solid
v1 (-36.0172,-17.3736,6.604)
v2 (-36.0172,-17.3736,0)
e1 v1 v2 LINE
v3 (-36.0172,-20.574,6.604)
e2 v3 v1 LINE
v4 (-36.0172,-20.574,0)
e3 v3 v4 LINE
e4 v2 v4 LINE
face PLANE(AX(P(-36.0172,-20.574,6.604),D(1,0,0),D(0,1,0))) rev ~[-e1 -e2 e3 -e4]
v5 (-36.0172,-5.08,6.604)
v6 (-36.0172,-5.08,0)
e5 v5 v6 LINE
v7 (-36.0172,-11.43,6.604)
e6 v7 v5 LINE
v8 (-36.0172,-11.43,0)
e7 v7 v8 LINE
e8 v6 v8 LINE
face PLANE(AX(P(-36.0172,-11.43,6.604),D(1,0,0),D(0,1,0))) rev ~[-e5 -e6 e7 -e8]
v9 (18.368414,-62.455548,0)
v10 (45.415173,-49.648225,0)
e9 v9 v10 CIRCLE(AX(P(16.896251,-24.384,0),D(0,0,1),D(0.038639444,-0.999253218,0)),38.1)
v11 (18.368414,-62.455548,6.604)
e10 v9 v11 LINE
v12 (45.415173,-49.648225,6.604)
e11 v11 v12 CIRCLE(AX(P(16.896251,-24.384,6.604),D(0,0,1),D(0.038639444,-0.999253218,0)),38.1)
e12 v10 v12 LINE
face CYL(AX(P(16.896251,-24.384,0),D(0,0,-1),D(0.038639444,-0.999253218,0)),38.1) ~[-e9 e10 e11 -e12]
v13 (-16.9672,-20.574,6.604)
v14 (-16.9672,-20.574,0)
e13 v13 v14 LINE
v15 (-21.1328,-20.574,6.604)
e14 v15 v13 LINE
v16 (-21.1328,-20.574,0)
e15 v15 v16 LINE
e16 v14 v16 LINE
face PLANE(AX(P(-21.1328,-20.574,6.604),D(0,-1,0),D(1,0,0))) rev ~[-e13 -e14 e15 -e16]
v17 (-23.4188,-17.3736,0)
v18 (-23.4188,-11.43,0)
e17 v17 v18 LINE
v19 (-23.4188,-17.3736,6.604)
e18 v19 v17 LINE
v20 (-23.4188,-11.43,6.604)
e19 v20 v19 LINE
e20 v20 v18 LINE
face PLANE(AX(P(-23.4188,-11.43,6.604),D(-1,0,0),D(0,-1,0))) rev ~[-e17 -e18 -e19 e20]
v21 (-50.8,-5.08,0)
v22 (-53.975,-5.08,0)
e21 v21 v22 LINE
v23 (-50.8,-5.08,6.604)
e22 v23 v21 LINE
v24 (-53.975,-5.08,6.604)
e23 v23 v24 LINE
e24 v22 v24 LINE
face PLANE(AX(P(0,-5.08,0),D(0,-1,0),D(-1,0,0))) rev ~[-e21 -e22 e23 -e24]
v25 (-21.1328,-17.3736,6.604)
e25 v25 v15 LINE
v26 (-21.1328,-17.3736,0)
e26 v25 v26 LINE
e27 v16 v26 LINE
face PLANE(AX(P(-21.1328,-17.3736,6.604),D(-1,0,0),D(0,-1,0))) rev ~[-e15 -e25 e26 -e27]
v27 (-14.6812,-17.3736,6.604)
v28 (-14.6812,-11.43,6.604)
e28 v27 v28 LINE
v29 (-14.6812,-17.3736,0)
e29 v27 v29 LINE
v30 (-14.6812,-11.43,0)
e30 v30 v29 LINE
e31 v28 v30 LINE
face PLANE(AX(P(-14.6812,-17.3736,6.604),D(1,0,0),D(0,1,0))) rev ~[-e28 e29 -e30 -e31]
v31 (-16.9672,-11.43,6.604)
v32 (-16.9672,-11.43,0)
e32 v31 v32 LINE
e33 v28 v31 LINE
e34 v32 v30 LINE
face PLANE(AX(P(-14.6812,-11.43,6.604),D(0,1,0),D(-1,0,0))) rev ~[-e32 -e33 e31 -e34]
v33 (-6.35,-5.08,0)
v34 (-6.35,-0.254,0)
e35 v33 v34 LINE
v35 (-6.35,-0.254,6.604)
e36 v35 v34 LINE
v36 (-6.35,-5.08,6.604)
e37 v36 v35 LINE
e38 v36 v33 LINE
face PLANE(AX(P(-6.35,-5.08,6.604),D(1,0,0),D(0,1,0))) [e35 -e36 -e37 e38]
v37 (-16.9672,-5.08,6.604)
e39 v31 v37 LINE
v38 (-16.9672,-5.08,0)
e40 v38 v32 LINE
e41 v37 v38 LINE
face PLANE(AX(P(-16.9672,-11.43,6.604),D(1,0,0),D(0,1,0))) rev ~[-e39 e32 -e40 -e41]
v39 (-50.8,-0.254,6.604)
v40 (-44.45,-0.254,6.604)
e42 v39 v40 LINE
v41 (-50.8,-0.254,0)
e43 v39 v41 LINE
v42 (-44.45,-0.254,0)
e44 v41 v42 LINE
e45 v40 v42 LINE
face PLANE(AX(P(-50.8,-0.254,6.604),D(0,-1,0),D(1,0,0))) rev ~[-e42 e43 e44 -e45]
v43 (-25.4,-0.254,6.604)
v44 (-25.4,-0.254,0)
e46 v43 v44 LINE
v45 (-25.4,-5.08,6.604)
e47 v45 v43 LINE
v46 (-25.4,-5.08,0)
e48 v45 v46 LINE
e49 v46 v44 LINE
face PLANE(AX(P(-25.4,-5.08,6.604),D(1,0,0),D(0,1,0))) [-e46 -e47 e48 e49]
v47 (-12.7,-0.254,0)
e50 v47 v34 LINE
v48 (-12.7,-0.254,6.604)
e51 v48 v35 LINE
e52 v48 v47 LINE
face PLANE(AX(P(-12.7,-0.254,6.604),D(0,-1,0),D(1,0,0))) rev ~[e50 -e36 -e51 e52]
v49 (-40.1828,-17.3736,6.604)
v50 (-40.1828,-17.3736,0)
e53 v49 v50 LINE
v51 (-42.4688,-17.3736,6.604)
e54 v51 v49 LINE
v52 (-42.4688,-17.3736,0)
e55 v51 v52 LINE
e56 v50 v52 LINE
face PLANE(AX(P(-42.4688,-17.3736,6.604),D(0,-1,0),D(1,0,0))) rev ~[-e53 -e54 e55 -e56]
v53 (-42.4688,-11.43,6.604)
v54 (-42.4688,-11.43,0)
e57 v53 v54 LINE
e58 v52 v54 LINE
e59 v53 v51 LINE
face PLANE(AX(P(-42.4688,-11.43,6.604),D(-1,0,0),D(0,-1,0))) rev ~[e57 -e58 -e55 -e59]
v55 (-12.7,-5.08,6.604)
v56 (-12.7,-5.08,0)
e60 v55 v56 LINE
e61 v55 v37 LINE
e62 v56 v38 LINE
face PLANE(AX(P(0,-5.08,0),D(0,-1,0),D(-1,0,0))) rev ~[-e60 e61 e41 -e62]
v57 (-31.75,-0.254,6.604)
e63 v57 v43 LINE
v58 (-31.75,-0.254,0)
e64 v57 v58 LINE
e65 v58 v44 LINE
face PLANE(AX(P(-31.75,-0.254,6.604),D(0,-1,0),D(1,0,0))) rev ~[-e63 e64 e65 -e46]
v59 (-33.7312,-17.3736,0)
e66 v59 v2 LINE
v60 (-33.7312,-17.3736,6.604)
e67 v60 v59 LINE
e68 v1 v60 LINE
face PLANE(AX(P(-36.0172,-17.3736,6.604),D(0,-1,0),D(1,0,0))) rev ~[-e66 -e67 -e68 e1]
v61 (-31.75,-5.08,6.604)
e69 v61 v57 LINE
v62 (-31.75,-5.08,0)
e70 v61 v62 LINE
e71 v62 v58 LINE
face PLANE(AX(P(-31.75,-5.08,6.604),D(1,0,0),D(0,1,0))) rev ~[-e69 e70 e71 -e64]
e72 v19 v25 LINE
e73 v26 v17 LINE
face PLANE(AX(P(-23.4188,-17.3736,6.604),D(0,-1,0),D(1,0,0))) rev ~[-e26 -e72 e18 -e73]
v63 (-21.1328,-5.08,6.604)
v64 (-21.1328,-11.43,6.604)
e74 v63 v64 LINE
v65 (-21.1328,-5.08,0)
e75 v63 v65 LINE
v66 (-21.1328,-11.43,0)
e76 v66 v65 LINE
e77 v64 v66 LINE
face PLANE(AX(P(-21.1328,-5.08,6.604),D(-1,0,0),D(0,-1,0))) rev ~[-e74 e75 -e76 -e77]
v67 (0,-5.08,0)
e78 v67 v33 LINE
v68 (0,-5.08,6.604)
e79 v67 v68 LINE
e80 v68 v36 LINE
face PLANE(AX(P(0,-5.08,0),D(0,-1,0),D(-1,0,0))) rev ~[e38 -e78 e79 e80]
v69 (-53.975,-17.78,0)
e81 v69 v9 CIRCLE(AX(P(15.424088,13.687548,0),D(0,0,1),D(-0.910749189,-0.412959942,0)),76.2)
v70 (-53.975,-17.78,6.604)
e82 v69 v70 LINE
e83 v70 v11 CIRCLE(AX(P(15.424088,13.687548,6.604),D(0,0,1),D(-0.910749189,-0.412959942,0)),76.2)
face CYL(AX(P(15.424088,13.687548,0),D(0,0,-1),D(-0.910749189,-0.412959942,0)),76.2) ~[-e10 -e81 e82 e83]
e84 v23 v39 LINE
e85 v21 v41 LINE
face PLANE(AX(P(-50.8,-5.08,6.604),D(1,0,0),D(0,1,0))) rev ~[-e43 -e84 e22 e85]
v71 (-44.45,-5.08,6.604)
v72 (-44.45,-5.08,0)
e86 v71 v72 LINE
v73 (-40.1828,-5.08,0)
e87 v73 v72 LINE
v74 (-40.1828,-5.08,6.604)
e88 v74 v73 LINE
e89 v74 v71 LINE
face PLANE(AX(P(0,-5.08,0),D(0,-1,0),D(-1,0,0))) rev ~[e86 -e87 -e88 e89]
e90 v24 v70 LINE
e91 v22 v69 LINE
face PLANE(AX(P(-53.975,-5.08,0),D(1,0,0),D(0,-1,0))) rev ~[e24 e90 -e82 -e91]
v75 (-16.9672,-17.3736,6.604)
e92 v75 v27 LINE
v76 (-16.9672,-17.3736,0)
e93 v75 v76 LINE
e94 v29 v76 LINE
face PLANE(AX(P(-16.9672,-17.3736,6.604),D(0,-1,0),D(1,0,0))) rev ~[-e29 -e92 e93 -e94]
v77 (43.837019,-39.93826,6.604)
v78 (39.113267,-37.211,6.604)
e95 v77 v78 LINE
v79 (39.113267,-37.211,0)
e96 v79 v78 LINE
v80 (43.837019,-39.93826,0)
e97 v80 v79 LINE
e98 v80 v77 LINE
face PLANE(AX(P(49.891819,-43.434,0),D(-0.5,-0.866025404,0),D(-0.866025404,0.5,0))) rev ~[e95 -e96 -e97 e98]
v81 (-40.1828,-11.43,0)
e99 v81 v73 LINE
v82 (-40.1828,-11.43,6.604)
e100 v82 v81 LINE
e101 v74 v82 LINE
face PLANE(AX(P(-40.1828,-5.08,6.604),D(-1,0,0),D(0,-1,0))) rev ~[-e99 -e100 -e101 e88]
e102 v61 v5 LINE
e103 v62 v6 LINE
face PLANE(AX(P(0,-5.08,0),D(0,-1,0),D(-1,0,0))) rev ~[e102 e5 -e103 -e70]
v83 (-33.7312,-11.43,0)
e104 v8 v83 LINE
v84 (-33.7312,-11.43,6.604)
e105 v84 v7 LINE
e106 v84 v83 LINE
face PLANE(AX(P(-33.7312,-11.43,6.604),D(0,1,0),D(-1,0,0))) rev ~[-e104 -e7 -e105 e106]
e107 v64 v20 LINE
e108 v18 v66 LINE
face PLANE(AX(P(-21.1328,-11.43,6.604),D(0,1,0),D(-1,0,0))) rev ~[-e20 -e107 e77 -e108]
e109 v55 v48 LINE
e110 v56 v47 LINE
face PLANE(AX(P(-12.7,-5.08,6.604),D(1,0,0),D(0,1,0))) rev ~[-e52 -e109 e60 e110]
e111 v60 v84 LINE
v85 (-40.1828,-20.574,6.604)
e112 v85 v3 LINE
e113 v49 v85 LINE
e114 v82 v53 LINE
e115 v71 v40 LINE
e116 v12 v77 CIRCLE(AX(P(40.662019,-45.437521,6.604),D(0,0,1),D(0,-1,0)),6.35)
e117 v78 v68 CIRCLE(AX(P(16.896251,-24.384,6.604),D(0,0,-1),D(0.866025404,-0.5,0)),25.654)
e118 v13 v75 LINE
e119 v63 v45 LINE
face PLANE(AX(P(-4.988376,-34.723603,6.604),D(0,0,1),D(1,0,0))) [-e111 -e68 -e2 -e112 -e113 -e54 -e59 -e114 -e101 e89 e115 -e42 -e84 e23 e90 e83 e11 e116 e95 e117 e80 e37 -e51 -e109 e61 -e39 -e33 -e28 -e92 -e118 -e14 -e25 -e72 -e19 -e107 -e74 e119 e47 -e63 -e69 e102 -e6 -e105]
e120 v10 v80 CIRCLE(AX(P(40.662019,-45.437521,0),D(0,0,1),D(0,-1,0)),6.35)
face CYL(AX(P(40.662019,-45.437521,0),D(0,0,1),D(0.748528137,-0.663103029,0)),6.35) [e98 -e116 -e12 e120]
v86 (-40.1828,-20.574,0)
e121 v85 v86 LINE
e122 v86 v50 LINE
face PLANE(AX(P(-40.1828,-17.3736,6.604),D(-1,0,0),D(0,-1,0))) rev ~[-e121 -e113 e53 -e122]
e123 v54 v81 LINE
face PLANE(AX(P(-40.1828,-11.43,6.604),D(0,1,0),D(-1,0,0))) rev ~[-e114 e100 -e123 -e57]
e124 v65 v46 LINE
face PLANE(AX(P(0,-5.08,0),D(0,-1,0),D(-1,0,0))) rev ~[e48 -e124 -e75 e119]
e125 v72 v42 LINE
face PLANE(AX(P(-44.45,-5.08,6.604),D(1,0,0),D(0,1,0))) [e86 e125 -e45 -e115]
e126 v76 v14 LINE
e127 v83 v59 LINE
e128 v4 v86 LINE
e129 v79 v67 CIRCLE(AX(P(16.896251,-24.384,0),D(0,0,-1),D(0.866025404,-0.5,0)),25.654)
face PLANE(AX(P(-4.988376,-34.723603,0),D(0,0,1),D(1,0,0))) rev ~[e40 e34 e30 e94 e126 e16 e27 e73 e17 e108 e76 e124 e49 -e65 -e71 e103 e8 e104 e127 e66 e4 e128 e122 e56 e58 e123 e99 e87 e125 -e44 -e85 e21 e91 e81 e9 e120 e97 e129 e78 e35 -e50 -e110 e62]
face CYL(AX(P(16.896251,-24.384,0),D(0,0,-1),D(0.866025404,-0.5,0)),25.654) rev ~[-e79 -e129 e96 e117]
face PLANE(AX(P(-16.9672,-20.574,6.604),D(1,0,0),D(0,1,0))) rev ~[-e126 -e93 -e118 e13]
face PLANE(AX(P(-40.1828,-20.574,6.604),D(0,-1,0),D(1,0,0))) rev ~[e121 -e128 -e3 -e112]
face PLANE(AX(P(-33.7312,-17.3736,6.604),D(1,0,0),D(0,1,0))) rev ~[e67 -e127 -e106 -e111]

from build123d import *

# Parameters (mm, degrees)
BOSS_EXTRUDE1_DEPTH = 6.604
SKETCH3_W           = 6.35
SKETCH3_H           = 4.826
BOSS_EXTRUDE2_DEPTH = 6.604
CUT_EXTRUDE1_REACH  = 8.604
FILLET1_R           = 6.35


with BuildPart() as part:
    # Sketch1 → Boss-Extrude1 (new body)
    with BuildSketch(Plane.XY):
        with BuildLine():
            Line((-6.35, -5.08), (-53.975, -5.08))
            Line((-53.975, -5.08), (-53.975, -17.78))
            ThreePointArc((-53.975, -17.78), (-24.613831362, -51.146124163), (18.36841389, -62.455547599))
            ThreePointArc((18.36841389, -62.455547599), (36.58027843, -57.005297746), (49.891818948, -43.434))
            Line((49.891818948, -43.434), (39.113266772, -37.211))
            ThreePointArc((39.113266772, -37.211), (0.611966481, -44.206961223), (0, -5.08))
            Line((0, -5.08), (-6.35, -5.08))
        make_face()
    extrude(amount=BOSS_EXTRUDE1_DEPTH)

    # Sketch3 → Boss-Extrude2 (add)
    with BuildSketch(Plane.XY.offset(6.604)):
        with Locations((-47.625, -2.667)):
            Rectangle(SKETCH3_W, SKETCH3_H)
        with Locations((-28.575, -2.667)):
            Rectangle(SKETCH3_W, SKETCH3_H)
        with Locations((-9.525, -2.667)):
            Rectangle(SKETCH3_W, SKETCH3_H)
    extrude(amount=-BOSS_EXTRUDE2_DEPTH)

    # Sketch4 → Cut-Extrude1 (cut, up to next)
    with BuildSketch(Plane.XY.offset(6.604), mode=Mode.PRIVATE) as cut_extrude1_sk1:
        Polygon((-40.1828, -5.08), (-40.1828, -11.43), (-42.4688, -11.43), (-42.4688, -17.3736), (-40.1828, -17.3736), (-40.1828, -20.574), (-36.0172, -20.574), (-36.0172, -17.3736), (-33.7312, -17.3736), (-33.7312, -11.43), (-36.0172, -11.43), (-36.0172, -5.08), align=None)
    cut_extrude1_tool1 = extrude(cut_extrude1_sk1.sketch, amount=-CUT_EXTRUDE1_REACH, mode=Mode.PRIVATE) & part.part
    add(cut_extrude1_tool1.solids().sort_by_distance((-38.1, -13.293591, 6.604))[0], mode=Mode.SUBTRACT)
    # Sketch4 → Cut-Extrude1 (cut, up to next)
    with BuildSketch(Plane.XY.offset(6.604), mode=Mode.PRIVATE) as cut_extrude1_sk2:
        Polygon((-21.1328, -11.43), (-23.4188, -11.43), (-23.4188, -17.3736), (-21.1328, -17.3736), (-21.1328, -20.574), (-16.9672, -20.574), (-16.9672, -17.3736), (-14.6812, -17.3736), (-14.6812, -11.43), (-16.9672, -11.43), (-16.9672, -5.08), (-21.1328, -5.08), align=None)
    cut_extrude1_tool2 = extrude(cut_extrude1_sk2.sketch, amount=-CUT_EXTRUDE1_REACH, mode=Mode.PRIVATE) & part.part
    add(cut_extrude1_tool2.solids().sort_by_distance((-19.05, -13.293591, 6.604))[0], mode=Mode.SUBTRACT)

    # Fillet1
    fillet1_edges = [part.edges().sort_by_distance(p)[0] for p in [
        (49.891818948, -43.434, 3.302),
    ]]
    fillet(fillet1_edges, radius=FILLET1_R)


solid = part.part
